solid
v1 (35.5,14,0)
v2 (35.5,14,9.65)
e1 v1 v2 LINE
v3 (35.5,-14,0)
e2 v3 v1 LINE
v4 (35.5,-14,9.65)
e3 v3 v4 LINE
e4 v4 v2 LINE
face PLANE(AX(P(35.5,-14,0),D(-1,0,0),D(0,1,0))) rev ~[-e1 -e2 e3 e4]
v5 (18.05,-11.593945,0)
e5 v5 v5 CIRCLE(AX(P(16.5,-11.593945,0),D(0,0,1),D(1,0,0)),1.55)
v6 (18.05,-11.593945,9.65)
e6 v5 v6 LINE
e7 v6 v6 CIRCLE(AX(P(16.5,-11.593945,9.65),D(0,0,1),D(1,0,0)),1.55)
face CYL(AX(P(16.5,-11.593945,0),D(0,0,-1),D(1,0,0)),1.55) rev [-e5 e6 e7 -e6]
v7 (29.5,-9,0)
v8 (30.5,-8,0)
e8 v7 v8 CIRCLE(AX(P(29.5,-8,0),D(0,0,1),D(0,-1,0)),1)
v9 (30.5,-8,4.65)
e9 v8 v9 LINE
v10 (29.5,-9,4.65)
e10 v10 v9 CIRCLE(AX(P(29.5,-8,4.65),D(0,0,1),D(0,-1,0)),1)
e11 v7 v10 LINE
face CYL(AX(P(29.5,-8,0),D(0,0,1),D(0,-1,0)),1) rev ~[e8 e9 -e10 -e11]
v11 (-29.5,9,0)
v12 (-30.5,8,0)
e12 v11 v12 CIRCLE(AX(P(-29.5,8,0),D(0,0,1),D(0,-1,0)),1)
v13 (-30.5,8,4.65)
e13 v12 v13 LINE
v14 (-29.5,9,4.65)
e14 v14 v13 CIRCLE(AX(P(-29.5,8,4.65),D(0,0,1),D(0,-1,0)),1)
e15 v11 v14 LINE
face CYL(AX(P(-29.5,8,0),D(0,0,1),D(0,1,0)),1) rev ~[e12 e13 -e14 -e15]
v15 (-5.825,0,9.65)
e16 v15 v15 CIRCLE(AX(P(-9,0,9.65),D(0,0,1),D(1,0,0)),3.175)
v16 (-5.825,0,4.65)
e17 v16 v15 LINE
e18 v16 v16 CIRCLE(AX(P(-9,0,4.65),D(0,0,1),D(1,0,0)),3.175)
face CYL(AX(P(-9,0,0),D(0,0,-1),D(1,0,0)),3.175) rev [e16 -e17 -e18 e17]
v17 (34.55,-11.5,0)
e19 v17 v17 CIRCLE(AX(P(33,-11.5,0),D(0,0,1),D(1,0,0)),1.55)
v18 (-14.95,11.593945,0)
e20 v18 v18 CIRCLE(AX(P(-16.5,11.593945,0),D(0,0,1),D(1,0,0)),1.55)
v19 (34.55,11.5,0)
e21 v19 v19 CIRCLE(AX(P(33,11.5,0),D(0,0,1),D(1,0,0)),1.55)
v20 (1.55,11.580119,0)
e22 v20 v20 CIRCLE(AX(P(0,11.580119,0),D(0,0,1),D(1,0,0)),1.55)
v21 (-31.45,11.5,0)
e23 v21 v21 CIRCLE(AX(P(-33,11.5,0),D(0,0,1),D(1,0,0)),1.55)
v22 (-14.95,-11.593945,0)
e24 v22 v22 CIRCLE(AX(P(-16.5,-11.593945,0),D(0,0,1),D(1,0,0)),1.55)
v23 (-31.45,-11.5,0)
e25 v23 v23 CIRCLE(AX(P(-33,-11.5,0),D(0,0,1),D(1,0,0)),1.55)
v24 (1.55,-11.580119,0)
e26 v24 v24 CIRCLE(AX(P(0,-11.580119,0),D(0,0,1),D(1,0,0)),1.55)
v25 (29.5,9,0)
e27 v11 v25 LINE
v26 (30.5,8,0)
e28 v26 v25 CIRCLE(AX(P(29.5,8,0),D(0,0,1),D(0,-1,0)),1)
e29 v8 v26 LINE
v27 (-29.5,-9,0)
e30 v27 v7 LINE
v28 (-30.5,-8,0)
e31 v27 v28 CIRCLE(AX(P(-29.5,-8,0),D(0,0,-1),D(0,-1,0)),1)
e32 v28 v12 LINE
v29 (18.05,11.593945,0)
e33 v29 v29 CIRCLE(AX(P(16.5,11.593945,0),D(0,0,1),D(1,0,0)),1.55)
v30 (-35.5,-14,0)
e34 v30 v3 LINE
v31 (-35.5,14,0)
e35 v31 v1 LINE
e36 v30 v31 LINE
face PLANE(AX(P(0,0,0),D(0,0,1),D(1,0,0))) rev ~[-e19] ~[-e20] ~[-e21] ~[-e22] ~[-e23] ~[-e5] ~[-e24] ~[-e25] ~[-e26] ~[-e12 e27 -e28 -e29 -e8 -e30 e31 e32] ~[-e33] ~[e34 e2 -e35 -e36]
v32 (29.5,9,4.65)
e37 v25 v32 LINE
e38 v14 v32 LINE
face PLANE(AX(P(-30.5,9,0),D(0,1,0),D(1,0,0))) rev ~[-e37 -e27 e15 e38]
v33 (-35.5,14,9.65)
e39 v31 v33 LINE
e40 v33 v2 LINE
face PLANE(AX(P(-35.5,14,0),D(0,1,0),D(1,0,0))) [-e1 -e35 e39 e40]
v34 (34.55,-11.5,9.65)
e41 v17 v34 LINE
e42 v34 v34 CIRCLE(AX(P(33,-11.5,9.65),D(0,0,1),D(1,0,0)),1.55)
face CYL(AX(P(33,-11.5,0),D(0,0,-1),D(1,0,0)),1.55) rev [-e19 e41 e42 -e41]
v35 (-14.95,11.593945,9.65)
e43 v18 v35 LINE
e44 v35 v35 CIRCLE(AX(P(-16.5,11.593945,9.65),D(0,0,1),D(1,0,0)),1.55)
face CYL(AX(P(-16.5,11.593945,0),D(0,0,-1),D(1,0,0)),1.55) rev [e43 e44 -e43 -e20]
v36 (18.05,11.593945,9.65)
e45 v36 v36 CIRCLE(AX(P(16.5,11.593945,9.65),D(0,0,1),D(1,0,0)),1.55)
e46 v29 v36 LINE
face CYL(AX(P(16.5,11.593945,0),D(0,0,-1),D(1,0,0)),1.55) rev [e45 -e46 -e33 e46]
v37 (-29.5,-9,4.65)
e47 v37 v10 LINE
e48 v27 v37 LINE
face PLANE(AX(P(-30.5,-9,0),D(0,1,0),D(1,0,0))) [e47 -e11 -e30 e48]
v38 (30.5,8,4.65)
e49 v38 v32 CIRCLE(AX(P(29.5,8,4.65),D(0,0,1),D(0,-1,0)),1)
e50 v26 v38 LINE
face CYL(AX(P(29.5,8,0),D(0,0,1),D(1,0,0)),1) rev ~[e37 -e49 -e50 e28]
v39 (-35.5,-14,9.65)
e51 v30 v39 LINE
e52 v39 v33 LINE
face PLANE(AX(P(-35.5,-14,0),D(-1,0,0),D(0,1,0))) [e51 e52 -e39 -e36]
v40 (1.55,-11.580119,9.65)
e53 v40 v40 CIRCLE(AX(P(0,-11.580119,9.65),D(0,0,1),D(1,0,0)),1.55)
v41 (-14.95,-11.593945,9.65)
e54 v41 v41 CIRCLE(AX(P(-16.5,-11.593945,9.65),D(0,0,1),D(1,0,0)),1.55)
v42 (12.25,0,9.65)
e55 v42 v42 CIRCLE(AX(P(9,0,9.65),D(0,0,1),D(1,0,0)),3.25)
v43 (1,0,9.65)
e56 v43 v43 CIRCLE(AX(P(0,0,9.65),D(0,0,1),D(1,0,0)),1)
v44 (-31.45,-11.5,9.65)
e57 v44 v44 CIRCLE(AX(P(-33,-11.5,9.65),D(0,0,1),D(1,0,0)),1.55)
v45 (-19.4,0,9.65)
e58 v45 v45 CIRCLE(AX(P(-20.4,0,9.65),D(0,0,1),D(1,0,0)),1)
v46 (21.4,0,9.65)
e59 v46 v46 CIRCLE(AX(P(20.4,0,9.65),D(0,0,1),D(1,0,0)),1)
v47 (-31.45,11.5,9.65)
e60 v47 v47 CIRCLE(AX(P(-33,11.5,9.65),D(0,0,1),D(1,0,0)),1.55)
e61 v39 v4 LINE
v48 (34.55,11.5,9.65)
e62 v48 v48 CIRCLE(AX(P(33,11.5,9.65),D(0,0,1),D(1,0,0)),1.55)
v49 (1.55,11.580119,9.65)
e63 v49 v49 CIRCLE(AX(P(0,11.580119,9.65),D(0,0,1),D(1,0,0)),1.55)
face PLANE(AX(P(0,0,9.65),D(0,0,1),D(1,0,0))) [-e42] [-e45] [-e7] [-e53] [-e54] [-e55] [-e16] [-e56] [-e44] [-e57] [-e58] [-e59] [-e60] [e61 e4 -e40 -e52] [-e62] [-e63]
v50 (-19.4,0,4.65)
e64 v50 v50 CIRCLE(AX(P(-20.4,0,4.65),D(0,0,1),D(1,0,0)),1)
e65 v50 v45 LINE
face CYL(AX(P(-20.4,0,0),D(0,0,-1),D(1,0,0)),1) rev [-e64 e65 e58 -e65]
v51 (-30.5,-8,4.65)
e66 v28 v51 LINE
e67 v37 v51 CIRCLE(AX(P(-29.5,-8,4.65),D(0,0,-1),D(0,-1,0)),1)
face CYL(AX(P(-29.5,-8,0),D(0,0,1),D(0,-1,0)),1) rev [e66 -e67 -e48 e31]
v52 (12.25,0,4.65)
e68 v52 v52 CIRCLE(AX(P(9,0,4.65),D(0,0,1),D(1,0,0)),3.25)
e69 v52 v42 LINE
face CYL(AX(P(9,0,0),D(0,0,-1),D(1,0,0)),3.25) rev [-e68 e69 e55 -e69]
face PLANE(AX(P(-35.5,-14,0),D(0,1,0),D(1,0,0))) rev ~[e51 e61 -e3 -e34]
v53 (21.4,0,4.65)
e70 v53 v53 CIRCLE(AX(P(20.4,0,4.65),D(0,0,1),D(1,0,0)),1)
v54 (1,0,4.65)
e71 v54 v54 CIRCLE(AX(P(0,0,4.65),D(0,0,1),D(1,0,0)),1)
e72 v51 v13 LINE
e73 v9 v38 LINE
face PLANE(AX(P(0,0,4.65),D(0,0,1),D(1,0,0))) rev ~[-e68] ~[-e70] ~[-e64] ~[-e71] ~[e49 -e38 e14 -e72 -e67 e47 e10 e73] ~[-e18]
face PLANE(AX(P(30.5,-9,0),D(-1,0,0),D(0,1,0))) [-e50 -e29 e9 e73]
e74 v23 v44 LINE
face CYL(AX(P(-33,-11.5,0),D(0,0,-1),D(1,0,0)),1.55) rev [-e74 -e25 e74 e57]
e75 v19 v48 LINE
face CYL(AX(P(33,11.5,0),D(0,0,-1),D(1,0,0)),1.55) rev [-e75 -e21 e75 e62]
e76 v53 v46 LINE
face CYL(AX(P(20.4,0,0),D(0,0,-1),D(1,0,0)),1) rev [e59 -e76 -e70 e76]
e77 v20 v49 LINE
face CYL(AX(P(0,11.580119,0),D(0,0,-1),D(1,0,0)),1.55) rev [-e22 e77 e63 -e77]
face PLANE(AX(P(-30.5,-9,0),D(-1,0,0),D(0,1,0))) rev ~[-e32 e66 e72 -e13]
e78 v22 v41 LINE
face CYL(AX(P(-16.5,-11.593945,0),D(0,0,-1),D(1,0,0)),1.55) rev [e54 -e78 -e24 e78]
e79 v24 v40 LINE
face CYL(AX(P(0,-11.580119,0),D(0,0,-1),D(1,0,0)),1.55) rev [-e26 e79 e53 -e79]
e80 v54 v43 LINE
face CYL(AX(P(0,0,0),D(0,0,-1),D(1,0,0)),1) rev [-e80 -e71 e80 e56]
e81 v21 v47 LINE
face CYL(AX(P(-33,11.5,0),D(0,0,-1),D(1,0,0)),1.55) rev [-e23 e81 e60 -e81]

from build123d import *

# Parameters (mm, degrees)
F0_W     = 71
F0_H     = 28
F0_R     = 1.55
F0_W_2   = 61
F0_H_2   = 18
F0_R_2   = 1
F0_R_3   = 3.175
F0_R_4   = 3.25
F1_DEPTH = 9.65
F2_DEPTH = 4.65
F3_R     = 1


with BuildPart() as f1:
    # F0 (on Top) → F1 (new body)
    with BuildSketch(Plane.XY):
        Rectangle(F0_W, F0_H)
        with Locations((-33, -11.5)):
            Circle(F0_R, mode=Mode.SUBTRACT)
        with Locations((-16.5, -11.593945)):
            Circle(F0_R, mode=Mode.SUBTRACT)
        with Locations((0, -11.580119)):
            Circle(F0_R, mode=Mode.SUBTRACT)
        with Locations((16.5, -11.593945)):
            Circle(F0_R, mode=Mode.SUBTRACT)
        with Locations((33, -11.5)):
            Circle(F0_R, mode=Mode.SUBTRACT)
        with Locations((-33, 11.5)):
            Circle(F0_R, mode=Mode.SUBTRACT)
        with Locations((-16.5, 11.593945)):
            Circle(F0_R, mode=Mode.SUBTRACT)
        Rectangle(F0_W_2, F0_H_2, mode=Mode.SUBTRACT)
        with Locations((0, 11.580119)):
            Circle(F0_R, mode=Mode.SUBTRACT)
        with Locations((16.5, 11.593945)):
            Circle(F0_R, mode=Mode.SUBTRACT)
        with Locations((33, 11.5)):
            Circle(F0_R, mode=Mode.SUBTRACT)
        Rectangle(F0_W_2, F0_H_2)
        with Locations((-20.4, 0)):
            Circle(F0_R_2, mode=Mode.SUBTRACT)
        with Locations((-9, 0)):
            Circle(F0_R_3, mode=Mode.SUBTRACT)
        Circle(F0_R_2, mode=Mode.SUBTRACT)
        with Locations((9, 0)):
            Circle(F0_R_4, mode=Mode.SUBTRACT)
        with Locations((20.4, 0)):
            Circle(F0_R_2, mode=Mode.SUBTRACT)
    extrude(amount=F1_DEPTH)

    # F0 (on Top) → F2 (cut)
    with BuildSketch(Plane.XY):
        Rectangle(F0_W_2, F0_H_2)
        with Locations((-20.4, 0)):
            Circle(F0_R_2, mode=Mode.SUBTRACT)
        with Locations((-9, 0)):
            Circle(F0_R_3, mode=Mode.SUBTRACT)
        Circle(F0_R_2, mode=Mode.SUBTRACT)
        with Locations((9, 0)):
            Circle(F0_R_4, mode=Mode.SUBTRACT)
        with Locations((20.4, 0)):
            Circle(F0_R_2, mode=Mode.SUBTRACT)
    extrude(amount=F2_DEPTH, mode=Mode.SUBTRACT)

    # F3
    f3_edges = [f1.edges().sort_by_distance(p)[0] for p in [
        (-30.5, -9, 2.325),
        (30.5, -9, 2.325),
        (-30.5, 9, 2.325),
        (30.5, 9, 2.325),
    ]]
    fillet(f3_edges, radius=F3_R)


solid = f1.part
